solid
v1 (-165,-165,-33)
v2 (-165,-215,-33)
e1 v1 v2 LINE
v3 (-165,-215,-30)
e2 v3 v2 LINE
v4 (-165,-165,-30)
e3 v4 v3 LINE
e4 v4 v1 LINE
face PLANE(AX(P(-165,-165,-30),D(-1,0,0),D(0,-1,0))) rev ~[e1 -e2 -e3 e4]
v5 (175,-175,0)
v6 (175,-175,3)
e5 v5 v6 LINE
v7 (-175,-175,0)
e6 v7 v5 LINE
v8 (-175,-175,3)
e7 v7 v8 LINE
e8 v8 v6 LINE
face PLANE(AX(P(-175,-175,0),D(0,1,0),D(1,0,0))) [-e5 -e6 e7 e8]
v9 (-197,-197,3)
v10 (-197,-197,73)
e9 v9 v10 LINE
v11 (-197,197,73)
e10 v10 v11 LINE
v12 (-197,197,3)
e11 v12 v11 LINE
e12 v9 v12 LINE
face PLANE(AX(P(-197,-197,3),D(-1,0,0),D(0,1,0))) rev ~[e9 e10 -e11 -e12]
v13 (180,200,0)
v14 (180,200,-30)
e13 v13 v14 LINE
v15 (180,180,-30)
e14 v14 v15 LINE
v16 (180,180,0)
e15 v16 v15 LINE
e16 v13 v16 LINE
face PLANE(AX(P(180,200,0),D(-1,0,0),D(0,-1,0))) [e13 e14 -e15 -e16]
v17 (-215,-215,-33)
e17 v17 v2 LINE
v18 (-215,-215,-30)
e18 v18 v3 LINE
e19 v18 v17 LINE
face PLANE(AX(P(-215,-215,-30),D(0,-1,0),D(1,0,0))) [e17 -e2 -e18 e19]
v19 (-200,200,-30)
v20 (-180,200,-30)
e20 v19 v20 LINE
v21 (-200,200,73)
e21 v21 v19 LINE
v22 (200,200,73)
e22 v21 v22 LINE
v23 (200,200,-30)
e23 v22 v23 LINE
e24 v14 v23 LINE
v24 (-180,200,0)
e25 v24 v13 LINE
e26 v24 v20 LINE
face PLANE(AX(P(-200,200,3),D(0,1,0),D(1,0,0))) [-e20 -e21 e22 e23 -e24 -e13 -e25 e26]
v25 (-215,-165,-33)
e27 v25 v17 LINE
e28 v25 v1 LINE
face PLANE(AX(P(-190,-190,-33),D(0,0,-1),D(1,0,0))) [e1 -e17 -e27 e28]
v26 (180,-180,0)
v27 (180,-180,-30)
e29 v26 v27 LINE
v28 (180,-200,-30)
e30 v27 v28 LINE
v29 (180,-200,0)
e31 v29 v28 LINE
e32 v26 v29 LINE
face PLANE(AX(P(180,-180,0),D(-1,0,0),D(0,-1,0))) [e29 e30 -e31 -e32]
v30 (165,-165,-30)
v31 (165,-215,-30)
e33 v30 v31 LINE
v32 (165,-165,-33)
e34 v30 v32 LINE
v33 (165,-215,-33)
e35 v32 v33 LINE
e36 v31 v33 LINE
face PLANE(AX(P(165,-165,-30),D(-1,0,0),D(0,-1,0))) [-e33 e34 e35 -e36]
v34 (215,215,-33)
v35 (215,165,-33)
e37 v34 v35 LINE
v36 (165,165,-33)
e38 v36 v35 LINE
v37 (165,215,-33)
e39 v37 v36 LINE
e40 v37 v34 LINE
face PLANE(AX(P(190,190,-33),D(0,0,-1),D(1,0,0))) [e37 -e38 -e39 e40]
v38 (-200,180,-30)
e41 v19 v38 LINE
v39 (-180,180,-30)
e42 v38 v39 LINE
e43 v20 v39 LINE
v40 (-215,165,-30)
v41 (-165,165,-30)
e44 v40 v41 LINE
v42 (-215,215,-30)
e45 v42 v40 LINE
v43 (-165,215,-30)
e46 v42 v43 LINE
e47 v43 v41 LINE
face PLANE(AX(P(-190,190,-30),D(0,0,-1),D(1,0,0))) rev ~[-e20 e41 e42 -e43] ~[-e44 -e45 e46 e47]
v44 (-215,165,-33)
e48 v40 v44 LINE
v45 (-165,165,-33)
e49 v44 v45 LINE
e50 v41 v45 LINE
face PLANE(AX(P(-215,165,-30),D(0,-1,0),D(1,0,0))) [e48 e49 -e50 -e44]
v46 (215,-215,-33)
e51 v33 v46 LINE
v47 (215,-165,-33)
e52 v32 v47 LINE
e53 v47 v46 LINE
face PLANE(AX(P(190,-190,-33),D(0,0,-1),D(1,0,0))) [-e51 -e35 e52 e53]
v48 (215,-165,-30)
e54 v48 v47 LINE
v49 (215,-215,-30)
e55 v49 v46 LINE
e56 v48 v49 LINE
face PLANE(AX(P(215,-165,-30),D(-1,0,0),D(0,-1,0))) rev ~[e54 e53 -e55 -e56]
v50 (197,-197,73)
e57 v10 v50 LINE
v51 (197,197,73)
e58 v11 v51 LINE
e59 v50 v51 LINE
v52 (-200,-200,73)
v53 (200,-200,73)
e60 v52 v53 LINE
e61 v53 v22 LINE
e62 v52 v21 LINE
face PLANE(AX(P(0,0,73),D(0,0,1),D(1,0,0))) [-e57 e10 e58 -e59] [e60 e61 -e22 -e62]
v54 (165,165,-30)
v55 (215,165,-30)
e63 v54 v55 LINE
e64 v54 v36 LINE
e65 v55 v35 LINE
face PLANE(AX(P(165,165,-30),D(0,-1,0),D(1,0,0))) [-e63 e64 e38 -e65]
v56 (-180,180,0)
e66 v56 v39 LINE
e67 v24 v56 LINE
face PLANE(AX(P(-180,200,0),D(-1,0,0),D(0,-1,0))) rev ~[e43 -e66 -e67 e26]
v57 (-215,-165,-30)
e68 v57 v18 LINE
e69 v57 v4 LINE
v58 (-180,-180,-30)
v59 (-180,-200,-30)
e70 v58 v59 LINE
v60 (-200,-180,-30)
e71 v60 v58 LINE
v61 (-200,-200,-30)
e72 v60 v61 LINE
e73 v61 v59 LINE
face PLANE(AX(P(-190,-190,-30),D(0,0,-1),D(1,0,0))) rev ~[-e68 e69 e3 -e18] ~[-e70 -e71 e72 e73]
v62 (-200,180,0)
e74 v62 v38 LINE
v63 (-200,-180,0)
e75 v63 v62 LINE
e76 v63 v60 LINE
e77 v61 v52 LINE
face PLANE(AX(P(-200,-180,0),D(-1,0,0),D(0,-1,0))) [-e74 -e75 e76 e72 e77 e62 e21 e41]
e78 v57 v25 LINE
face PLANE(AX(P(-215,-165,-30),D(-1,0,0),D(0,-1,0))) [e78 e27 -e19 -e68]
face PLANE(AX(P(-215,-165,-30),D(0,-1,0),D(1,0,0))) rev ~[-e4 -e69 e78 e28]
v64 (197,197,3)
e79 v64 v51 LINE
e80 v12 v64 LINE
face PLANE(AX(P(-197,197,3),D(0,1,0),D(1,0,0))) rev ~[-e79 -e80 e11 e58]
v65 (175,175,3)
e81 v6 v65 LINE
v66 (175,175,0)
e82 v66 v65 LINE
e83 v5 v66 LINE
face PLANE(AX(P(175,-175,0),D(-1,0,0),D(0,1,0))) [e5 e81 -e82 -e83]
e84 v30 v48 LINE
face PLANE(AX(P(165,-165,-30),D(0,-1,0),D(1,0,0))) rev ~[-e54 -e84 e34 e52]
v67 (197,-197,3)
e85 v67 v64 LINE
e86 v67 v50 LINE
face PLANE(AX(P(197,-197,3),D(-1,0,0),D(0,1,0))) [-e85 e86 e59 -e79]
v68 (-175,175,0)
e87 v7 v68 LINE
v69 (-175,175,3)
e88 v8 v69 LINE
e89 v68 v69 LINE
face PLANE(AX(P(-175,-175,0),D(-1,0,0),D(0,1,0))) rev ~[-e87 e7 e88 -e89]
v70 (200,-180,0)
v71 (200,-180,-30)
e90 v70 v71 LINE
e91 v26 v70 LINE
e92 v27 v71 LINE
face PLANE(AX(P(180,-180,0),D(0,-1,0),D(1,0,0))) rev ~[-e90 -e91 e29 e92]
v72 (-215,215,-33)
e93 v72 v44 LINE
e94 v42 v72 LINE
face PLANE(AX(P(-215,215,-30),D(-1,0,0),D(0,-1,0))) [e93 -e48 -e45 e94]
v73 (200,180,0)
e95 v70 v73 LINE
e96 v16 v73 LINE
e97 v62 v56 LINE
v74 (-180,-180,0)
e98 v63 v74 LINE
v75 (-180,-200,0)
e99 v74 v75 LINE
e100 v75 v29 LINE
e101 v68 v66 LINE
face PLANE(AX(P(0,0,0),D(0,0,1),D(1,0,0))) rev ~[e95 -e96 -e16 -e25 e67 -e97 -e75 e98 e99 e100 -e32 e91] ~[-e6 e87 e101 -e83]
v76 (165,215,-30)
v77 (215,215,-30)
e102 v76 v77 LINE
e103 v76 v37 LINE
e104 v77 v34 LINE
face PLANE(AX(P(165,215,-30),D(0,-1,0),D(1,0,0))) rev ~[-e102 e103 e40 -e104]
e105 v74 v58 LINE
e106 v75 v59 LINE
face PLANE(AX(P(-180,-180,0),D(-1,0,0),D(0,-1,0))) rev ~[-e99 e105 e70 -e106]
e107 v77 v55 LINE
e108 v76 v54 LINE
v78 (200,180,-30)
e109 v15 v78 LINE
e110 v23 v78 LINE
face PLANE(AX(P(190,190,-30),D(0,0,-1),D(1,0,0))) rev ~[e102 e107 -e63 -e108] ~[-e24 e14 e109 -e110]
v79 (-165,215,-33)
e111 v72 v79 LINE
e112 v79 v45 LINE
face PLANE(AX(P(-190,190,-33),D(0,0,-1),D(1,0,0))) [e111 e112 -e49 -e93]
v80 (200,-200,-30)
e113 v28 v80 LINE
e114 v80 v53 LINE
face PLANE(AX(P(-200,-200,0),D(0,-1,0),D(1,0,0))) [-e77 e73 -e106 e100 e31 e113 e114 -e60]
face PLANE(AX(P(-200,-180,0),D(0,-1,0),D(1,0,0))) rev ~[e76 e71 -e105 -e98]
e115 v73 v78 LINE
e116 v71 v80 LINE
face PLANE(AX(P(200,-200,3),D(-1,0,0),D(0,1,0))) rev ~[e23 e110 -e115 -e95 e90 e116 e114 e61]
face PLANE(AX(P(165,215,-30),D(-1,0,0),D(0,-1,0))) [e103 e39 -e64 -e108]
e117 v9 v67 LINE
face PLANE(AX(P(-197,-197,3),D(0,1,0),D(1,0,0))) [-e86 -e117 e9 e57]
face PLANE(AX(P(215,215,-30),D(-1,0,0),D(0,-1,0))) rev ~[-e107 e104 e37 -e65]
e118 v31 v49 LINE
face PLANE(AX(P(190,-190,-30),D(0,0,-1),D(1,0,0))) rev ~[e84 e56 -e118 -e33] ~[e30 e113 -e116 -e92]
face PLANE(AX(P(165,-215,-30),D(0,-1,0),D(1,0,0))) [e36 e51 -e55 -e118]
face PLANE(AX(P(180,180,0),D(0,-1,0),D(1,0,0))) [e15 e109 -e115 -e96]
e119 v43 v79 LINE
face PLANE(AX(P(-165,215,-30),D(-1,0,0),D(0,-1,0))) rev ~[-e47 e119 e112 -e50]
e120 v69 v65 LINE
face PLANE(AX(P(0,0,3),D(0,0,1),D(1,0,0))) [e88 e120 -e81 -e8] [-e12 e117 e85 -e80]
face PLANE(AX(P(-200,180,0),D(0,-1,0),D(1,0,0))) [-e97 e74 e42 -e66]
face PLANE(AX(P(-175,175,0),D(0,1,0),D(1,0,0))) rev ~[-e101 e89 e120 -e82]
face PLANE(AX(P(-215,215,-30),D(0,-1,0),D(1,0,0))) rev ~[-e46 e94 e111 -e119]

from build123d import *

# Parameters (mm, degrees)
F0_W     = 400
F0_H     = 400
F0_W_2   = 350
F0_H_2   = 350
F1_DEPTH = 3
F2_W     = 400
F2_H     = 400
F2_W_2   = 394
F2_H_2   = 394
F3_DEPTH = 70
F4_W     = 20
F4_H     = 20
F5_DEPTH = 30
F6_W     = 50
F6_H     = 50
F7_DEPTH = 3


with BuildPart() as f1:
    # F0 (on Top) → F1 (new body)
    with BuildSketch(Plane.XY):
        Rectangle(F0_W, F0_H)
        Rectangle(F0_W_2, F0_H_2, mode=Mode.SUBTRACT)
    extrude(amount=F1_DEPTH)

    # F2 (on face) → F3 (join)
    with BuildSketch(Plane.XY.offset(3)):
        Rectangle(F2_W, F2_H)
        Rectangle(F2_W_2, F2_H_2, mode=Mode.SUBTRACT)
    extrude(amount=F3_DEPTH)

    # F4 (on face) → F5 (join)
    with BuildSketch(Plane(origin=(0, 0, 0), x_dir=(1, 0, 0), z_dir=(0, 0, -1))):
        with Locations((-190, 190)):
            Rectangle(F4_W, F4_H)
        with Locations((190, 190)):
            Rectangle(F4_W, F4_H)
        with Locations((-190, -190)):
            Rectangle(F4_W, F4_H)
        with Locations((190, -190)):
            Rectangle(F4_W, F4_H)
    extrude(amount=F5_DEPTH)

    # F6 (on face) → F7 (join)
    with BuildSketch(Plane(origin=(0, 0, -30), x_dir=(1, 0, 0), z_dir=(0, 0, -1))):
        with Locations((-190, 190)):
            Rectangle(F6_W, F6_H)
        with Locations((190, 190)):
            Rectangle(F6_W, F6_H)
        with Locations((190, -190)):
            Rectangle(F6_W, F6_H)
        with Locations((-190, -190)):
            Rectangle(F6_W, F6_H)
    extrude(amount=F7_DEPTH)


solid = f1.part
